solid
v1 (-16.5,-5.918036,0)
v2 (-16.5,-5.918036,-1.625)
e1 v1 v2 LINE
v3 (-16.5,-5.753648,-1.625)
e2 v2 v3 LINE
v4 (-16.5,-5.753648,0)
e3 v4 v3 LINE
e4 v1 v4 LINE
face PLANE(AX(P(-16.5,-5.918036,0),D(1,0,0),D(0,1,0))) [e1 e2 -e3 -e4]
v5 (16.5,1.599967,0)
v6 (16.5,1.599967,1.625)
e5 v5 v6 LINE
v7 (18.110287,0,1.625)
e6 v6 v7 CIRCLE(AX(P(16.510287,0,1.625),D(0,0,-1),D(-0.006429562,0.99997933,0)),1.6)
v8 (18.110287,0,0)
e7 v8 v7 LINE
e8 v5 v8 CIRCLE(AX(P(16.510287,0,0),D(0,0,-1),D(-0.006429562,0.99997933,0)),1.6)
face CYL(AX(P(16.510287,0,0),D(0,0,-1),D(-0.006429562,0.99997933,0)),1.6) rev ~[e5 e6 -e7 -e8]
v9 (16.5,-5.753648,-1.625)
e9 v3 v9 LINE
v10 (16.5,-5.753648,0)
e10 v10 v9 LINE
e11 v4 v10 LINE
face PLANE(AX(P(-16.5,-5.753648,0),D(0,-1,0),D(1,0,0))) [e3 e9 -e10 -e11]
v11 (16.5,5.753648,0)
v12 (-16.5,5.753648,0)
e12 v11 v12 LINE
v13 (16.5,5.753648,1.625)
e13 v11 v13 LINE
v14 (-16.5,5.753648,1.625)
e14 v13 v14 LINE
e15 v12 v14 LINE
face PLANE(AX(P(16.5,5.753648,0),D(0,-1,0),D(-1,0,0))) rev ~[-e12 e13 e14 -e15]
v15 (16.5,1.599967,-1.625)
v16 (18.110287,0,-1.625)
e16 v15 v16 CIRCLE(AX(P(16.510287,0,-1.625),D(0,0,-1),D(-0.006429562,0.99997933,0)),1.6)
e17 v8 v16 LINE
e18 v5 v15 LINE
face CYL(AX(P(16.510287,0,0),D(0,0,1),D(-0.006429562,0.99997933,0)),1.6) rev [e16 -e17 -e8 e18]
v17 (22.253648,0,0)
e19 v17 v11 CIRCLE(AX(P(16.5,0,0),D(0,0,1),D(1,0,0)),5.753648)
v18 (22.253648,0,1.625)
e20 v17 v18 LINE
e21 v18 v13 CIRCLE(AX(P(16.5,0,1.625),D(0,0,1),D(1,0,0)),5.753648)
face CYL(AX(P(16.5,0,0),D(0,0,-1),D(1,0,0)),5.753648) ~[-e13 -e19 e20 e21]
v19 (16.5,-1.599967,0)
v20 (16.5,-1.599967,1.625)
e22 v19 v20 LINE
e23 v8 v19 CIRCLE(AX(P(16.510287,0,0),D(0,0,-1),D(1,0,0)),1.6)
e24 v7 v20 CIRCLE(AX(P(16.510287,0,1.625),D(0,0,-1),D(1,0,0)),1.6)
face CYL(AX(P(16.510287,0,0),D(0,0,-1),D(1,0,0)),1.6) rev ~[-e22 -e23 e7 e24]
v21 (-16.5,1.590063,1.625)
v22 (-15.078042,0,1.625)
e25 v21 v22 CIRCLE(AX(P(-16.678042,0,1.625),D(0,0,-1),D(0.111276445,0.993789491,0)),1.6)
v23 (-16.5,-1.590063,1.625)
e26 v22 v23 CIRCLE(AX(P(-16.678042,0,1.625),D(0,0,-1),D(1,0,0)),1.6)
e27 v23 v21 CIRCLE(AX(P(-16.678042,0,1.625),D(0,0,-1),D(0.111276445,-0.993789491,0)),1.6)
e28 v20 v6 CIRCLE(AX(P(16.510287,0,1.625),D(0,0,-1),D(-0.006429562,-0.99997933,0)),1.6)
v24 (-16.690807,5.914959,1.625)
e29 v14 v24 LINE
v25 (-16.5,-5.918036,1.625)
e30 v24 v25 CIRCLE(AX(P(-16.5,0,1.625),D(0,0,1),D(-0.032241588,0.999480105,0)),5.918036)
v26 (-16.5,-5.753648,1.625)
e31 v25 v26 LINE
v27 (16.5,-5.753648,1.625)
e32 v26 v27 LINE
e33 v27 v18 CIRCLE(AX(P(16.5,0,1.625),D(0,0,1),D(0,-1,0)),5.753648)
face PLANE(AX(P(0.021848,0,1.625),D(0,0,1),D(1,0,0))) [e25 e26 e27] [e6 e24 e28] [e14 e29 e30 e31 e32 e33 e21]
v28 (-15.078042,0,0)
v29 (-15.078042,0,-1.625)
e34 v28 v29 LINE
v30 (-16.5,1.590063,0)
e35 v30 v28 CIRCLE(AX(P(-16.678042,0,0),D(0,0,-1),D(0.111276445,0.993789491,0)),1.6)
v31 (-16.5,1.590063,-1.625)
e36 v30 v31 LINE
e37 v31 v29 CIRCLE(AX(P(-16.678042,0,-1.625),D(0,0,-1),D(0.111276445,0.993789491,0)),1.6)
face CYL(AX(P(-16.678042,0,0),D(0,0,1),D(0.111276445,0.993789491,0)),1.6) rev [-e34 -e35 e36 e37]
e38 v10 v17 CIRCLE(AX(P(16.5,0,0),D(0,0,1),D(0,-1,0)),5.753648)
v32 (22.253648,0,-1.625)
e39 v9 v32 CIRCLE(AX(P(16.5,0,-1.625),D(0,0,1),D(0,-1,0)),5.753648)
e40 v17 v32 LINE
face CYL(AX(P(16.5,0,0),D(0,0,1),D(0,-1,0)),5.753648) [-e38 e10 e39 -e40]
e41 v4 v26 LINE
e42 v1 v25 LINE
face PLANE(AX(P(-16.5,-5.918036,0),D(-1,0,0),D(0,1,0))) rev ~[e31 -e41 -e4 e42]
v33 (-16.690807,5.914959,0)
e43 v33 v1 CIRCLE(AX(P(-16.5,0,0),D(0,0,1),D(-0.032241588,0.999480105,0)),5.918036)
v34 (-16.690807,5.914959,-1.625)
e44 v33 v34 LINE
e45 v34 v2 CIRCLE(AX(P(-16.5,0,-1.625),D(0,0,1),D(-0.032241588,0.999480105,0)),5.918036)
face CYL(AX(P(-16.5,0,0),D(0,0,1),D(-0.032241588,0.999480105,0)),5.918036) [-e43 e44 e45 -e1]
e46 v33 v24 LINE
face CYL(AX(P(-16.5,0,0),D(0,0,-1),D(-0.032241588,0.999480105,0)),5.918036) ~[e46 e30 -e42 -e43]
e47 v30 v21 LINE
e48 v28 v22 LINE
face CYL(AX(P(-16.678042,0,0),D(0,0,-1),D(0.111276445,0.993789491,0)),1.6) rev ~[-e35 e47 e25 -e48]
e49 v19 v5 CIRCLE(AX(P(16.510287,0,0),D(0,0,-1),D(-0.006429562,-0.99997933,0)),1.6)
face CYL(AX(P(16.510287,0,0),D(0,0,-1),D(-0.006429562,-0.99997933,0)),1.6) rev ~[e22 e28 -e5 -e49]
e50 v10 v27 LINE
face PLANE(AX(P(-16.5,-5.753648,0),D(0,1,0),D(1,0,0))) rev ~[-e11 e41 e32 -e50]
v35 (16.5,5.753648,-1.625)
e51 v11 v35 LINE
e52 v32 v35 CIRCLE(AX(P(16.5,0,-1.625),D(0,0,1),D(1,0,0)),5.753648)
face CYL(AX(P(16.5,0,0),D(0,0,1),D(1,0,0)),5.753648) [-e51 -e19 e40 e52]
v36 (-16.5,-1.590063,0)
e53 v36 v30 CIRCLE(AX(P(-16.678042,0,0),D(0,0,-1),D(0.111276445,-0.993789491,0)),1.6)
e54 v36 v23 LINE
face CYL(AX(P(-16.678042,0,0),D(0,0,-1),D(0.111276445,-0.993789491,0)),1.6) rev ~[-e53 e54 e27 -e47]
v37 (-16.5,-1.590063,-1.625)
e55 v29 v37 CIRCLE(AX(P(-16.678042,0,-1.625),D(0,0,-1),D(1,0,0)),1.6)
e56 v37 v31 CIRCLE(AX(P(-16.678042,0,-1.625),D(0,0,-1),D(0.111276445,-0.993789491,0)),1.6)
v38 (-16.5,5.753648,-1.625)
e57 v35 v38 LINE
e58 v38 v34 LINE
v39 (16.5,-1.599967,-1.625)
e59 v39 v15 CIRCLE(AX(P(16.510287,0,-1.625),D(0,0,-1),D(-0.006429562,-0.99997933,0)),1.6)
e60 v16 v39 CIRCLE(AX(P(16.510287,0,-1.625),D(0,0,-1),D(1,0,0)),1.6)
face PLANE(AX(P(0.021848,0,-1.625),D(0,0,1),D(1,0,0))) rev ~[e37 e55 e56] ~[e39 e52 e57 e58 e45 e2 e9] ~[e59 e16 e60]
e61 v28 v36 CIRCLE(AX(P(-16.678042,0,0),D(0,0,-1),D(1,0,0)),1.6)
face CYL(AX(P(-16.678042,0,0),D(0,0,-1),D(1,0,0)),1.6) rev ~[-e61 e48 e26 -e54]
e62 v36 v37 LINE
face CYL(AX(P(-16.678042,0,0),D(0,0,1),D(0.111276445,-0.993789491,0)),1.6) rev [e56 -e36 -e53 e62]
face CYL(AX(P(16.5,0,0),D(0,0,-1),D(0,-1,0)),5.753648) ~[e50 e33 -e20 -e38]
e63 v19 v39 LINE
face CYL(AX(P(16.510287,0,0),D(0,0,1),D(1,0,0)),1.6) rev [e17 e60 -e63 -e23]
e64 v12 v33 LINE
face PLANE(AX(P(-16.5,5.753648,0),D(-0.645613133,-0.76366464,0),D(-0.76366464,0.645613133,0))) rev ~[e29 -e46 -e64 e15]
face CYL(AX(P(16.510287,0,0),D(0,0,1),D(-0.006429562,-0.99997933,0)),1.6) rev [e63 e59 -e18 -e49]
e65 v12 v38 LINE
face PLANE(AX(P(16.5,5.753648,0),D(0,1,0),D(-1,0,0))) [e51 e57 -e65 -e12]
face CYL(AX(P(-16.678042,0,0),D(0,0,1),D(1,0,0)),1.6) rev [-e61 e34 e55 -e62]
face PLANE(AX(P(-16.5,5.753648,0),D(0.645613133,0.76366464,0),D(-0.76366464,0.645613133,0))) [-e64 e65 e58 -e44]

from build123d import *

# Parameters (mm, degrees)
F1_DEPTH = 1.625


with BuildPart() as f1:
    # F0 (on Top) → F1 (new body, symmetric)
    with BuildSketch(Plane.XY):
        with BuildLine():
            Line((16.5, 1.5999669282), (16.5, 5.7536481874))
            Line((16.5, 5.7536481874), (-16.5, 5.7536481874))
            Line((-16.5, 5.7536481874), (-16.5, 1.5900631859))
            ThreePointArc((-16.5, 1.5900631859), (-15.485384, 1.0665674616), (-15.0780423122, 0))
            ThreePointArc((-15.0780423122, 0), (-15.485384, -1.0665674616), (-16.5, -1.5900631859))
            Line((-16.5, -1.5900631859), (-16.5, -5.7536481874))
            Line((-16.5, -5.7536481874), (16.5, -5.7536481874))
            Line((16.5, -5.7536481874), (16.5, -1.5999669282))
            ThreePointArc((16.5, -1.5999669282), (14.9102872998, 0), (16.5, 1.5999669282))
        make_face()
        with BuildLine():
            ThreePointArc((22.2536481874, 0), (20.5684436499, 4.0684436499), (16.5, 5.7536481874))
            Line((16.5, 5.7536481874), (16.5, 1.5999669282))
            ThreePointArc((16.5, 1.5999669282), (17.6380151748, 1.1350021321), (18.1102872998, 0))
            ThreePointArc((18.1102872998, 0), (17.6380151748, -1.1350021321), (16.5, -1.5999669282))
            Line((16.5, -1.5999669282), (16.5, -5.7536481874))
            ThreePointArc((16.5, -5.7536481874), (20.5684436499, -4.0684436499), (22.2536481874, 0))
        make_face()
        with BuildLine():
            Line((-16.5, 1.5900631859), (-16.5, 5.7536481874))
            Line((-16.5, 5.7536481874), (-16.6908068726, 5.9149590773))
            ThreePointArc((-16.6908068726, 5.9149590773), (-20.7516085226, 4.1166701495), (-22.4180358354, 0))
            ThreePointArc((-22.4180358354, 0), (-20.6846832705, -4.1846832705), (-16.5, -5.9180358354))
            Line((-16.5, -5.9180358354), (-16.5, -5.7536481874))
            Line((-16.5, -5.7536481874), (-16.5, -1.5900631859))
            ThreePointArc((-16.5, -1.5900631859), (-18.2780423122, 0), (-16.5, 1.5900631859))
        make_face()
        with BuildLine():
            Line((16.5, 1.5999669282), (16.5, 5.7536481874))
            Line((16.5, 5.7536481874), (-16.5, 5.7536481874))
            Line((-16.5, 5.7536481874), (-16.5, 1.5900631859))
            ThreePointArc((-16.5, 1.5900631859), (-15.485384, 1.0665674616), (-15.0780423122, 0))
            ThreePointArc((-15.0780423122, 0), (-15.485384, -1.0665674616), (-16.5, -1.5900631859))
            Line((-16.5, -1.5900631859), (-16.5, -5.7536481874))
            Line((-16.5, -5.7536481874), (16.5, -5.7536481874))
            Line((16.5, -5.7536481874), (16.5, -1.5999669282))
            ThreePointArc((16.5, -1.5999669282), (14.9102872998, 0), (16.5, 1.5999669282))
        make_face()
    extrude(amount=F1_DEPTH, both=True)


solid = f1.part
